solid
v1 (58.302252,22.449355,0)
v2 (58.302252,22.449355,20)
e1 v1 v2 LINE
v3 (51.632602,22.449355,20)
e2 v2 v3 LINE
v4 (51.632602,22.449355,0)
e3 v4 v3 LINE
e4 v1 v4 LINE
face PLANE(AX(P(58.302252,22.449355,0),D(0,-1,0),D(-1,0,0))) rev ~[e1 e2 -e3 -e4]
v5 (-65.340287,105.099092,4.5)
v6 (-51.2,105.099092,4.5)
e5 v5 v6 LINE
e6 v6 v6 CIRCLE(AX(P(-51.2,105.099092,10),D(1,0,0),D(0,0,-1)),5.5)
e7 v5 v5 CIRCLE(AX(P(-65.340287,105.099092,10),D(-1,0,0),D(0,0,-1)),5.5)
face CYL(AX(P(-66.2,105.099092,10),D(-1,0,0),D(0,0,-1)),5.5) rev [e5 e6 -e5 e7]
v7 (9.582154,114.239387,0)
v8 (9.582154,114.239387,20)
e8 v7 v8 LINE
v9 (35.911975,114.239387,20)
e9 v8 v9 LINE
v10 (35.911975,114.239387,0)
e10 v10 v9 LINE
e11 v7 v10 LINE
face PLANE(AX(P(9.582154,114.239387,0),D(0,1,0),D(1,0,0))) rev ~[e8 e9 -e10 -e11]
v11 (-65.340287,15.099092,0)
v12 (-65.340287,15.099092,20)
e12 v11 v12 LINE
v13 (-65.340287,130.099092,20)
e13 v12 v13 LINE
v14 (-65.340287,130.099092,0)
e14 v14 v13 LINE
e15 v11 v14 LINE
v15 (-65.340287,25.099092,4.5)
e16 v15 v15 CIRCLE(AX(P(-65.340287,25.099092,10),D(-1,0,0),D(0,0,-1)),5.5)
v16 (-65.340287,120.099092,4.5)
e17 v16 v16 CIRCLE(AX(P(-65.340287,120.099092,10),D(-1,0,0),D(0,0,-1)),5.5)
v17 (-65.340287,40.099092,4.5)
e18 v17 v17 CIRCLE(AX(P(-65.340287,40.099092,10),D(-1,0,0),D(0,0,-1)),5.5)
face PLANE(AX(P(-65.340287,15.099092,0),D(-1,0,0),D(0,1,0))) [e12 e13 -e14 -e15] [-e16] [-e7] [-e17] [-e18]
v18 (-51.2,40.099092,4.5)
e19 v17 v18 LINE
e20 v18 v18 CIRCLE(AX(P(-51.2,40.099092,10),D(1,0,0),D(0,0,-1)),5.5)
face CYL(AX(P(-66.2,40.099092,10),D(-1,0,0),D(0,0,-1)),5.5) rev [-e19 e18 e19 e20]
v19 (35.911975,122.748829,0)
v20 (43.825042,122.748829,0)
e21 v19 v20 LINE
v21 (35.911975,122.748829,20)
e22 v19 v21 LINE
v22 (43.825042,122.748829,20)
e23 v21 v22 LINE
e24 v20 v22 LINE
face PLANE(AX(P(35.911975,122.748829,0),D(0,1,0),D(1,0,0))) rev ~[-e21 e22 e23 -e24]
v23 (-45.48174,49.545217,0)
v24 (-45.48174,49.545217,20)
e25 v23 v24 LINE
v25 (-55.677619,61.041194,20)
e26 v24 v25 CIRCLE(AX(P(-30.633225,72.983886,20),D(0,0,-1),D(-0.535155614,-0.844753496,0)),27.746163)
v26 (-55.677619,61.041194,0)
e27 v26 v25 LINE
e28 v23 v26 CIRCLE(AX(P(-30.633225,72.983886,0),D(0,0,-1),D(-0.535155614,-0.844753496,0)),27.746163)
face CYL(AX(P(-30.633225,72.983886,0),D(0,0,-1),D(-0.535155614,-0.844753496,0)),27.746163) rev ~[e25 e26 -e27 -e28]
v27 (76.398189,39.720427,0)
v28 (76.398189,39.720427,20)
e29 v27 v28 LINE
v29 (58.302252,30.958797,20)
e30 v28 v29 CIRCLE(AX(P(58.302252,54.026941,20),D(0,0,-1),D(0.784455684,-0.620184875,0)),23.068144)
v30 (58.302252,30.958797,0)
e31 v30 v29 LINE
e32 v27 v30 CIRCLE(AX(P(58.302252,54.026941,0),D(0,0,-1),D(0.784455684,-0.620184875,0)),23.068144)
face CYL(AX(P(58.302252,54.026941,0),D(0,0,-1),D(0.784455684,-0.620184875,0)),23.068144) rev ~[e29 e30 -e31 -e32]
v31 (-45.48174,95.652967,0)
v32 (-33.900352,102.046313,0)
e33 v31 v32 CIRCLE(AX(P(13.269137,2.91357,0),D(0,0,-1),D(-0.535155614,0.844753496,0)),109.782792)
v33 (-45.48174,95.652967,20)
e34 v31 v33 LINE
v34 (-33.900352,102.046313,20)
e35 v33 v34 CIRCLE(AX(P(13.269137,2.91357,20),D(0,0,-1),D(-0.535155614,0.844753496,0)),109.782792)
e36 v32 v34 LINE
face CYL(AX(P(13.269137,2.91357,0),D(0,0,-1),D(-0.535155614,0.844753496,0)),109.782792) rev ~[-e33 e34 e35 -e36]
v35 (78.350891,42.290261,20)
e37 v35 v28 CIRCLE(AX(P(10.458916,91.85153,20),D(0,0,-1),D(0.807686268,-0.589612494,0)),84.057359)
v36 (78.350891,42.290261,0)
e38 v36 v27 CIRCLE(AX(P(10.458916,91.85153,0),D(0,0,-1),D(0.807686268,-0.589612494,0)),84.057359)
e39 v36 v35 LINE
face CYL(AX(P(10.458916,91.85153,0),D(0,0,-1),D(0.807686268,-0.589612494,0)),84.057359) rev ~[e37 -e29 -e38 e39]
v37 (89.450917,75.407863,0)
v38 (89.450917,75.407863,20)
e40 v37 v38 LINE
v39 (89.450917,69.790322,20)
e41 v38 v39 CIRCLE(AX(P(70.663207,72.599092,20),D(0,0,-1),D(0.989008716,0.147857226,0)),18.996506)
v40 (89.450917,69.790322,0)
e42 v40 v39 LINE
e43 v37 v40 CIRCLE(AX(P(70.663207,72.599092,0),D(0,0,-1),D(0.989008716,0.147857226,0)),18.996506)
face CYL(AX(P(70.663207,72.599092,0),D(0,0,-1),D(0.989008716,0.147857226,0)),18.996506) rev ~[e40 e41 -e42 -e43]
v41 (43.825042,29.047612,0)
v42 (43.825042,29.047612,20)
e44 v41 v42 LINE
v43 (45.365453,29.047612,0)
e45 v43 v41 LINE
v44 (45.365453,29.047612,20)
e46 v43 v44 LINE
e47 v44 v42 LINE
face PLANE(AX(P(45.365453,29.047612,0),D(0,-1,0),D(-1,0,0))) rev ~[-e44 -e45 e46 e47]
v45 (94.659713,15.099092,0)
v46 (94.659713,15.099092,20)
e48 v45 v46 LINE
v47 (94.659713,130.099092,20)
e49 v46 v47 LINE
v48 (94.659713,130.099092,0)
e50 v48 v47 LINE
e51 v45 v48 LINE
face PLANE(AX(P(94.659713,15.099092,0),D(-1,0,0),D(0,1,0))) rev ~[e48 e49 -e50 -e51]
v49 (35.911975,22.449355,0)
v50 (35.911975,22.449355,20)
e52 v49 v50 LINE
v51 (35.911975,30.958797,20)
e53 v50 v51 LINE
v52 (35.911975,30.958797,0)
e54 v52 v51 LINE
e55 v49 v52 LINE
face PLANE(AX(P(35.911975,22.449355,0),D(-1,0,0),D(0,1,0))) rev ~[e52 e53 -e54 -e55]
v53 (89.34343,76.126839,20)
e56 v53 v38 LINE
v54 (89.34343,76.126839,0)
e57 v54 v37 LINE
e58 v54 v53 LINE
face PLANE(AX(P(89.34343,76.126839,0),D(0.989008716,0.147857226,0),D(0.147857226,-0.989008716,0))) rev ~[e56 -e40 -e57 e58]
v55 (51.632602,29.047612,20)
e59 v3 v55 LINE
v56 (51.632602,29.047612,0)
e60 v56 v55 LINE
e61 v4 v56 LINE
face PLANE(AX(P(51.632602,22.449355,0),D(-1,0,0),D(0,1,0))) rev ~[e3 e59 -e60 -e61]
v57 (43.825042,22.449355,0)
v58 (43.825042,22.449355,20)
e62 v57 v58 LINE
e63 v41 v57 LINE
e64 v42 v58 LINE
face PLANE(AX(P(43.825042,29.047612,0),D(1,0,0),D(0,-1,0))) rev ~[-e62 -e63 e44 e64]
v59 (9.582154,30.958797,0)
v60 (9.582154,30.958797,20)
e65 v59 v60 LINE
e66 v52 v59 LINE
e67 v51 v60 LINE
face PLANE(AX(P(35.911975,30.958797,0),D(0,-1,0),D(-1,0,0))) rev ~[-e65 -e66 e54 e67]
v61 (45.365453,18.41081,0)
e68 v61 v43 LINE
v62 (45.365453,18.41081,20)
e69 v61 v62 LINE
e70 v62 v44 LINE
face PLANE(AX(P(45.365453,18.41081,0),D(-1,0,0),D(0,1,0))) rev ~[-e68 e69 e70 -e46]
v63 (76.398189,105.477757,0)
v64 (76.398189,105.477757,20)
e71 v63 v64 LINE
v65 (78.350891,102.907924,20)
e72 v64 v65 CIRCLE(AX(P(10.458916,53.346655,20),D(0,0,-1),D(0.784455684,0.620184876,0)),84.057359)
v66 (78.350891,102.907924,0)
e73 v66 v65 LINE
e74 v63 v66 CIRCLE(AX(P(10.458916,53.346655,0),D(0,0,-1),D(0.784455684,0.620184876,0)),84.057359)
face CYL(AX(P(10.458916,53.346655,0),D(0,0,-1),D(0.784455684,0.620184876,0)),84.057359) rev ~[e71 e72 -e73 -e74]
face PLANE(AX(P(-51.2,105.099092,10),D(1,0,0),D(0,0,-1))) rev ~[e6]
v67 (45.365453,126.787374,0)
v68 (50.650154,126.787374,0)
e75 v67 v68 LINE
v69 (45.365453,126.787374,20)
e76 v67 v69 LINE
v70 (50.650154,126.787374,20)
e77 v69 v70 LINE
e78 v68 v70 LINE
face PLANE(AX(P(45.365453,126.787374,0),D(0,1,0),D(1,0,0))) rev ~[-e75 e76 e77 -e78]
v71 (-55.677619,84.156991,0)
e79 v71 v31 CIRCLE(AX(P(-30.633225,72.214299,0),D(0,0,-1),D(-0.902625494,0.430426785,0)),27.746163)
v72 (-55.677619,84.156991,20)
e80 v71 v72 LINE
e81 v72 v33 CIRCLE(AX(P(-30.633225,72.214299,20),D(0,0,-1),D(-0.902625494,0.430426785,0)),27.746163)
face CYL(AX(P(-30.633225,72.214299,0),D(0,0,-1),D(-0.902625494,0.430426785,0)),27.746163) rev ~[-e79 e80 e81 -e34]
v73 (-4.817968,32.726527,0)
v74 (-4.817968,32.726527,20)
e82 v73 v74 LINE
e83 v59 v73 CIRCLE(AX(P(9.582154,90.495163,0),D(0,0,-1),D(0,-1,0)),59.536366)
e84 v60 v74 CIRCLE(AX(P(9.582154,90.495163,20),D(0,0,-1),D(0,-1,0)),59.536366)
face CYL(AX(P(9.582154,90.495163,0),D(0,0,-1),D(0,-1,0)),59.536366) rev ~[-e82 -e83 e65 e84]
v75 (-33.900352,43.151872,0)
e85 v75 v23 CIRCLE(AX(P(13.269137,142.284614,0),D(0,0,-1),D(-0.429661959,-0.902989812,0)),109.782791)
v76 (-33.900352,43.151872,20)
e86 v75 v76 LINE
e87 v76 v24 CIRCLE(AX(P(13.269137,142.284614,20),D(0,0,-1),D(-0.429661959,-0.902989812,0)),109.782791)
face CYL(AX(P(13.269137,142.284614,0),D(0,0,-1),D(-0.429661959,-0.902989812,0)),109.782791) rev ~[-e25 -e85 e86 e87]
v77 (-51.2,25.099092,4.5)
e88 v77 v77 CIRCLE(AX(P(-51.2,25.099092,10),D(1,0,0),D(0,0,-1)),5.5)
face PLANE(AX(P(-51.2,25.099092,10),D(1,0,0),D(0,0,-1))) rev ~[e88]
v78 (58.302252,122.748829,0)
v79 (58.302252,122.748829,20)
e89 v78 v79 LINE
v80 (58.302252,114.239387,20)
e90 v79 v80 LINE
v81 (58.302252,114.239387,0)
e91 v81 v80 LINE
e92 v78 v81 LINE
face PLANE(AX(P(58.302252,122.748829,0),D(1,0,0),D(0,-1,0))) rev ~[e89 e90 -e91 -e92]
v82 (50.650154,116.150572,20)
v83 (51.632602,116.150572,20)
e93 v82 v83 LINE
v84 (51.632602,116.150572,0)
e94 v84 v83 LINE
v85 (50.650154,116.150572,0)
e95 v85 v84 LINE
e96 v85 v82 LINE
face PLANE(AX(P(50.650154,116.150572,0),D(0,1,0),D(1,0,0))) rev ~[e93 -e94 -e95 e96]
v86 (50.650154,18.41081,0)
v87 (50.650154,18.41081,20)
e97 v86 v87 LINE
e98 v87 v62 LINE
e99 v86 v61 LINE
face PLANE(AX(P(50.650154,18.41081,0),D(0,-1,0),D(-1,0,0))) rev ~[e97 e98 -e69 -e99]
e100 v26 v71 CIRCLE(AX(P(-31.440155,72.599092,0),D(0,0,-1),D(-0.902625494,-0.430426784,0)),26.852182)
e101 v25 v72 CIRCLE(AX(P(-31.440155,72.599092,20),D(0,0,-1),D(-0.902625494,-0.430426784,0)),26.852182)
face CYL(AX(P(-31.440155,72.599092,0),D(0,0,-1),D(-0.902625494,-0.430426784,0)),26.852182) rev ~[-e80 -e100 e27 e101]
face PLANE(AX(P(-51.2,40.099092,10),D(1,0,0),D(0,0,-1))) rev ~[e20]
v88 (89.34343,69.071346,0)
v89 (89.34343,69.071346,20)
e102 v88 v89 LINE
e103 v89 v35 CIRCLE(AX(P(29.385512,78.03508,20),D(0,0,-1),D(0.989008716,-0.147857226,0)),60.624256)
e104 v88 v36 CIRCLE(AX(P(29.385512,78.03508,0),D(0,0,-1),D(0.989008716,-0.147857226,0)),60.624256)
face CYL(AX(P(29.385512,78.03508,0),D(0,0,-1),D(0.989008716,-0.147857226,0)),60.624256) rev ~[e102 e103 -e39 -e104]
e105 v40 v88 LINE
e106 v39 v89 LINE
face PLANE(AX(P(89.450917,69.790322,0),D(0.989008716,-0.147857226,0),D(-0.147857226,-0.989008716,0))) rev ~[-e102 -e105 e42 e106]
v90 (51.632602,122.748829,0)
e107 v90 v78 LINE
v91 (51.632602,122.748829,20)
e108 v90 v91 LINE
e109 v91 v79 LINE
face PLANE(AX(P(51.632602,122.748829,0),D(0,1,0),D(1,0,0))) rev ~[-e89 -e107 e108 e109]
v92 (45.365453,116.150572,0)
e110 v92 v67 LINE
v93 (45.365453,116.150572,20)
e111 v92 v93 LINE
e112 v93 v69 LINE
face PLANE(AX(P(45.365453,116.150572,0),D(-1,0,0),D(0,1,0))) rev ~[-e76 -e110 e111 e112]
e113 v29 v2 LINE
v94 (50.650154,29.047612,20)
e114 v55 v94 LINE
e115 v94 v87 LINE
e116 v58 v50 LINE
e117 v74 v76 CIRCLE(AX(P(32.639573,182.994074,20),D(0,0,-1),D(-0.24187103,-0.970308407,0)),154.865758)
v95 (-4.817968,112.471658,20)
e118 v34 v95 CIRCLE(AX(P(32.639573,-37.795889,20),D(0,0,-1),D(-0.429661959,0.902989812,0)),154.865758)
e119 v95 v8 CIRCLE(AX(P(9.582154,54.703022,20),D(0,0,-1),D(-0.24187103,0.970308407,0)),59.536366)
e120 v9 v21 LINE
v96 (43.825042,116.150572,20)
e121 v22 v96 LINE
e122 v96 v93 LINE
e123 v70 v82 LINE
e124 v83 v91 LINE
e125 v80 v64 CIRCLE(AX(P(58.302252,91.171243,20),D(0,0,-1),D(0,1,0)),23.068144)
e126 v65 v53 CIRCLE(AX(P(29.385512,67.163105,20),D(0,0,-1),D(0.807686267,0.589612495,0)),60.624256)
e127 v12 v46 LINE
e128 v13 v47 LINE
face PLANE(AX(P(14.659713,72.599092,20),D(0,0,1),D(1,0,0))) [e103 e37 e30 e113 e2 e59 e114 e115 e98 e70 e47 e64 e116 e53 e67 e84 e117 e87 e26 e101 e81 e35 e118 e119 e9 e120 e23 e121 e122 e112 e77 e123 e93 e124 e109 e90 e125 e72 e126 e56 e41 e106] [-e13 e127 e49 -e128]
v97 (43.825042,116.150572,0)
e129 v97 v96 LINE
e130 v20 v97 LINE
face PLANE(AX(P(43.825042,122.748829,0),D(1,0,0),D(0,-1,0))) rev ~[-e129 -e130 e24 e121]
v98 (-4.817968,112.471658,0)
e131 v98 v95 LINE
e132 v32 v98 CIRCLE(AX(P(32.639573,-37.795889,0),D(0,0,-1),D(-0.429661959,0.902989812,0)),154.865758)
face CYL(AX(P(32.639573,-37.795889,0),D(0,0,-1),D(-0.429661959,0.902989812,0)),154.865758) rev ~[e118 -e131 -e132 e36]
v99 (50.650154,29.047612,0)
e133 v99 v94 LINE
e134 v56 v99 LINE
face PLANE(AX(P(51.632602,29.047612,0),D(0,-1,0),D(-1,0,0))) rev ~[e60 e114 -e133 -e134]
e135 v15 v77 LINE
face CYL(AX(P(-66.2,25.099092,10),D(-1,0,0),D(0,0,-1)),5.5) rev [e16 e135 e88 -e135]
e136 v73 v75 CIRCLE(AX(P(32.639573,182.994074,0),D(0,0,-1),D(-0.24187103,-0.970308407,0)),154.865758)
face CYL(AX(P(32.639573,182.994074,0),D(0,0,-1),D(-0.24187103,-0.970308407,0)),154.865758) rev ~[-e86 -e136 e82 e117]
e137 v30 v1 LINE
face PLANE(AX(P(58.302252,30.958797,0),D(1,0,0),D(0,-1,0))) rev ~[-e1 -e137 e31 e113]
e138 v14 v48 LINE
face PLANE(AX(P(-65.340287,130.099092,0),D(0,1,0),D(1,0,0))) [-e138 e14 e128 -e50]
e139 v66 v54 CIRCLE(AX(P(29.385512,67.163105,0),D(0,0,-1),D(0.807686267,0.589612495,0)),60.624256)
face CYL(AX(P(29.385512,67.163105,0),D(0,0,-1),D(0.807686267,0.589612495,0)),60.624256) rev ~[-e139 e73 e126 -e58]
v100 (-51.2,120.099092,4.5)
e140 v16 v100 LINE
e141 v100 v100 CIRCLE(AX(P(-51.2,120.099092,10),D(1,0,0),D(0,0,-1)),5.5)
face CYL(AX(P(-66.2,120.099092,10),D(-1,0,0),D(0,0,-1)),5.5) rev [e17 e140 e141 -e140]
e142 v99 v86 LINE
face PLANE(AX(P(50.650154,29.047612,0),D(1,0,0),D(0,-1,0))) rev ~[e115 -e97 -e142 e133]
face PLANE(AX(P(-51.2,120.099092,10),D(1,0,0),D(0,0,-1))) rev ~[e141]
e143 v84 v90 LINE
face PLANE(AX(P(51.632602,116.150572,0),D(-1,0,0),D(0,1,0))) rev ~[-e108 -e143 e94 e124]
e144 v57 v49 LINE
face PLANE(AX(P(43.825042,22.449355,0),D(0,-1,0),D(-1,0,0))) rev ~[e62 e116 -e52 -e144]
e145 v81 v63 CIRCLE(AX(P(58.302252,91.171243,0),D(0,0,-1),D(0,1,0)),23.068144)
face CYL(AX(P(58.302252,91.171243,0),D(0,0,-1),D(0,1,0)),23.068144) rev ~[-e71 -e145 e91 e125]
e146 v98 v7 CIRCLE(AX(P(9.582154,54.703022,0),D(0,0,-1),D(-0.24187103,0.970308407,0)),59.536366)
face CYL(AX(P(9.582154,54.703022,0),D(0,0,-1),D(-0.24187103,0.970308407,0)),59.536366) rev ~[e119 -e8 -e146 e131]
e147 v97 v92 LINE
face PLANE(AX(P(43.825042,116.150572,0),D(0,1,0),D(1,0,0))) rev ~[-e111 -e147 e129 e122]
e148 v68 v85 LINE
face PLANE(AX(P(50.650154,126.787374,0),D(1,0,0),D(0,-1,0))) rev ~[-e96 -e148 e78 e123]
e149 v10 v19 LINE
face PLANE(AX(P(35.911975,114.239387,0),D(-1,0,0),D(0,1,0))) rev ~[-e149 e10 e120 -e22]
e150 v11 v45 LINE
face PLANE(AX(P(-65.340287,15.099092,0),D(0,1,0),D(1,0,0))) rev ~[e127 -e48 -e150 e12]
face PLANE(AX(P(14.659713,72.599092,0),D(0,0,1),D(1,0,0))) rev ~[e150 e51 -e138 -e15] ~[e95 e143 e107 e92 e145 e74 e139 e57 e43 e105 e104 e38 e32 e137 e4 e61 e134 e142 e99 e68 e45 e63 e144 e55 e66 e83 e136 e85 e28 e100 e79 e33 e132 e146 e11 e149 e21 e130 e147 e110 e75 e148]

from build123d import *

# Parameters (mm, degrees)
SKETCH_4_W          = 160
SKETCH_4_H          = 115
EXTRUDE_1_DEPTH     = 20
CUT_EXTRUDE_1_DEPTH = 20
SKETCH_16_R         = 5.5
CUT_EXTRUDE_2_DEPTH = 15


with BuildPart() as part:
    # 草圖4 → 填料-伸長1 (new body)
    with BuildSketch(Plane.XY):
        with Locations((14.659712787, 72.59909222)):
            Rectangle(SKETCH_4_W, SKETCH_4_H)
    extrude(amount=EXTRUDE_1_DEPTH)

    # 草圖2 → 除料-伸長1 (cut)
    with BuildSketch(Plane.XY):
        with BuildLine():
            Line((9.582154386, 114.239387395), (32.639572719, 114.239387395))
            Line((32.639572719, 114.239387395), (35.911975242, 114.239387395))
            Line((35.911975242, 114.239387395), (35.911975242, 122.748829131))
            Line((35.911975242, 122.748829131), (43.825042281, 122.748829131))
            Line((43.825042281, 122.748829131), (43.825042281, 116.150572029))
            Line((43.825042281, 116.150572029), (45.365452665, 116.150572029))
            Line((45.365452665, 116.150572029), (45.365452665, 126.787374199))
            Line((45.365452665, 126.787374199), (50.650153823, 126.787374199))
            Line((50.650153823, 126.787374199), (50.650153823, 116.150572029))
            Line((50.650153823, 116.150572029), (51.63260176, 116.150572029))
            Line((51.63260176, 116.150572029), (51.63260176, 122.748829131))
            Line((51.63260176, 122.748829131), (58.302252446, 122.748829131))
            Line((58.302252446, 122.748829131), (58.302252446, 114.239387395))
            ThreePointArc((58.302252446, 114.239387395), (68.354977159, 111.933757574), (76.3981894, 105.477757274))
            ThreePointArc((76.3981894, 105.477757274), (77.386875553, 104.202213525), (78.350890948, 102.907923572))
            ThreePointArc((78.350890948, 102.907923572), (85.469179447, 90.183153699), (89.343429579, 76.126838912))
            Line((89.343429579, 76.126838912), (89.450916797, 75.407862922))
            ThreePointArc((89.450916797, 75.407862922), (89.659712787, 72.59909222), (89.450916797, 69.790321519))
            Line((89.450916797, 69.790321519), (89.343429579, 69.071345528))
            ThreePointArc((89.343429579, 69.071345528), (85.469179447, 55.015030741), (78.350890948, 42.290260868))
            ThreePointArc((78.350890948, 42.290260868), (77.386875553, 40.995970915), (76.3981894, 39.720427166))
            ThreePointArc((76.3981894, 39.720427166), (68.354977159, 33.264426866), (58.302252446, 30.958797045))
            Line((58.302252446, 30.958797045), (58.302252446, 22.449355309))
            Line((58.302252446, 22.449355309), (51.63260176, 22.449355309))
            Line((51.63260176, 22.449355309), (51.63260176, 29.047612411))
            Line((51.63260176, 29.047612411), (50.650153823, 29.047612411))
            Line((50.650153823, 29.047612411), (50.650153823, 18.410810241))
            Line((50.650153823, 18.410810241), (45.365452665, 18.410810241))
            Line((45.365452665, 18.410810241), (45.365452665, 29.047612411))
            Line((45.365452665, 29.047612411), (43.825042281, 29.047612411))
            Line((43.825042281, 29.047612411), (43.825042281, 22.449355309))
            Line((43.825042281, 22.449355309), (35.911975242, 22.449355309))
            Line((35.911975242, 22.449355309), (35.911975242, 30.958797045))
            Line((35.911975242, 30.958797045), (32.639572719, 30.958797045))
            Line((32.639572719, 30.958797045), (9.582154386, 30.958797045))
            ThreePointArc((9.582154386, 30.958797045), (2.328045496, 31.402381927), (-4.817967678, 32.726526576))
            ThreePointArc((-4.817967678, 32.726526576), (-19.619782039, 37.212171907), (-33.900352311, 43.151871824))
            ThreePointArc((-33.900352311, 43.151871824), (-39.787433986, 46.173940455), (-45.481740166, 49.545217155))
            ThreePointArc((-45.481740166, 49.545217155), (-51.391366265, 54.573313812), (-55.677619443, 61.041193705))
            ThreePointArc((-55.677619443, 61.041193705), (-58.292337425, 72.59909222), (-55.677619443, 84.156990735))
            ThreePointArc((-55.677619443, 84.156990735), (-51.391366265, 90.624870628), (-45.481740166, 95.652967285))
            ThreePointArc((-45.481740166, 95.652967285), (-39.787433986, 99.024243985), (-33.900352311, 102.046312617))
            ThreePointArc((-33.900352311, 102.046312617), (-19.619782039, 107.986012534), (-4.817967678, 112.471657865))
            ThreePointArc((-4.817967678, 112.471657865), (2.328045496, 113.795802514), (9.582154386, 114.239387395))
        make_face()
    extrude(amount=CUT_EXTRUDE_1_DEPTH, mode=Mode.SUBTRACT)

    # 草圖16 → 除料-伸長2 (cut)
    with BuildSketch(Plane(origin=(-66.2, 0, 0), x_dir=(0, 0, -1), z_dir=(1, 0, 0))):
        with Locations((-10, 120.09909222)):
            Circle(SKETCH_16_R)
        with Locations((-10, 105.09909222)):
            Circle(SKETCH_16_R)
        with Locations((-10, 40.09909222)):
            Circle(SKETCH_16_R)
        with Locations((-10, 25.09909222)):
            Circle(SKETCH_16_R)
    extrude(amount=CUT_EXTRUDE_2_DEPTH, mode=Mode.SUBTRACT)


solid = part.part
